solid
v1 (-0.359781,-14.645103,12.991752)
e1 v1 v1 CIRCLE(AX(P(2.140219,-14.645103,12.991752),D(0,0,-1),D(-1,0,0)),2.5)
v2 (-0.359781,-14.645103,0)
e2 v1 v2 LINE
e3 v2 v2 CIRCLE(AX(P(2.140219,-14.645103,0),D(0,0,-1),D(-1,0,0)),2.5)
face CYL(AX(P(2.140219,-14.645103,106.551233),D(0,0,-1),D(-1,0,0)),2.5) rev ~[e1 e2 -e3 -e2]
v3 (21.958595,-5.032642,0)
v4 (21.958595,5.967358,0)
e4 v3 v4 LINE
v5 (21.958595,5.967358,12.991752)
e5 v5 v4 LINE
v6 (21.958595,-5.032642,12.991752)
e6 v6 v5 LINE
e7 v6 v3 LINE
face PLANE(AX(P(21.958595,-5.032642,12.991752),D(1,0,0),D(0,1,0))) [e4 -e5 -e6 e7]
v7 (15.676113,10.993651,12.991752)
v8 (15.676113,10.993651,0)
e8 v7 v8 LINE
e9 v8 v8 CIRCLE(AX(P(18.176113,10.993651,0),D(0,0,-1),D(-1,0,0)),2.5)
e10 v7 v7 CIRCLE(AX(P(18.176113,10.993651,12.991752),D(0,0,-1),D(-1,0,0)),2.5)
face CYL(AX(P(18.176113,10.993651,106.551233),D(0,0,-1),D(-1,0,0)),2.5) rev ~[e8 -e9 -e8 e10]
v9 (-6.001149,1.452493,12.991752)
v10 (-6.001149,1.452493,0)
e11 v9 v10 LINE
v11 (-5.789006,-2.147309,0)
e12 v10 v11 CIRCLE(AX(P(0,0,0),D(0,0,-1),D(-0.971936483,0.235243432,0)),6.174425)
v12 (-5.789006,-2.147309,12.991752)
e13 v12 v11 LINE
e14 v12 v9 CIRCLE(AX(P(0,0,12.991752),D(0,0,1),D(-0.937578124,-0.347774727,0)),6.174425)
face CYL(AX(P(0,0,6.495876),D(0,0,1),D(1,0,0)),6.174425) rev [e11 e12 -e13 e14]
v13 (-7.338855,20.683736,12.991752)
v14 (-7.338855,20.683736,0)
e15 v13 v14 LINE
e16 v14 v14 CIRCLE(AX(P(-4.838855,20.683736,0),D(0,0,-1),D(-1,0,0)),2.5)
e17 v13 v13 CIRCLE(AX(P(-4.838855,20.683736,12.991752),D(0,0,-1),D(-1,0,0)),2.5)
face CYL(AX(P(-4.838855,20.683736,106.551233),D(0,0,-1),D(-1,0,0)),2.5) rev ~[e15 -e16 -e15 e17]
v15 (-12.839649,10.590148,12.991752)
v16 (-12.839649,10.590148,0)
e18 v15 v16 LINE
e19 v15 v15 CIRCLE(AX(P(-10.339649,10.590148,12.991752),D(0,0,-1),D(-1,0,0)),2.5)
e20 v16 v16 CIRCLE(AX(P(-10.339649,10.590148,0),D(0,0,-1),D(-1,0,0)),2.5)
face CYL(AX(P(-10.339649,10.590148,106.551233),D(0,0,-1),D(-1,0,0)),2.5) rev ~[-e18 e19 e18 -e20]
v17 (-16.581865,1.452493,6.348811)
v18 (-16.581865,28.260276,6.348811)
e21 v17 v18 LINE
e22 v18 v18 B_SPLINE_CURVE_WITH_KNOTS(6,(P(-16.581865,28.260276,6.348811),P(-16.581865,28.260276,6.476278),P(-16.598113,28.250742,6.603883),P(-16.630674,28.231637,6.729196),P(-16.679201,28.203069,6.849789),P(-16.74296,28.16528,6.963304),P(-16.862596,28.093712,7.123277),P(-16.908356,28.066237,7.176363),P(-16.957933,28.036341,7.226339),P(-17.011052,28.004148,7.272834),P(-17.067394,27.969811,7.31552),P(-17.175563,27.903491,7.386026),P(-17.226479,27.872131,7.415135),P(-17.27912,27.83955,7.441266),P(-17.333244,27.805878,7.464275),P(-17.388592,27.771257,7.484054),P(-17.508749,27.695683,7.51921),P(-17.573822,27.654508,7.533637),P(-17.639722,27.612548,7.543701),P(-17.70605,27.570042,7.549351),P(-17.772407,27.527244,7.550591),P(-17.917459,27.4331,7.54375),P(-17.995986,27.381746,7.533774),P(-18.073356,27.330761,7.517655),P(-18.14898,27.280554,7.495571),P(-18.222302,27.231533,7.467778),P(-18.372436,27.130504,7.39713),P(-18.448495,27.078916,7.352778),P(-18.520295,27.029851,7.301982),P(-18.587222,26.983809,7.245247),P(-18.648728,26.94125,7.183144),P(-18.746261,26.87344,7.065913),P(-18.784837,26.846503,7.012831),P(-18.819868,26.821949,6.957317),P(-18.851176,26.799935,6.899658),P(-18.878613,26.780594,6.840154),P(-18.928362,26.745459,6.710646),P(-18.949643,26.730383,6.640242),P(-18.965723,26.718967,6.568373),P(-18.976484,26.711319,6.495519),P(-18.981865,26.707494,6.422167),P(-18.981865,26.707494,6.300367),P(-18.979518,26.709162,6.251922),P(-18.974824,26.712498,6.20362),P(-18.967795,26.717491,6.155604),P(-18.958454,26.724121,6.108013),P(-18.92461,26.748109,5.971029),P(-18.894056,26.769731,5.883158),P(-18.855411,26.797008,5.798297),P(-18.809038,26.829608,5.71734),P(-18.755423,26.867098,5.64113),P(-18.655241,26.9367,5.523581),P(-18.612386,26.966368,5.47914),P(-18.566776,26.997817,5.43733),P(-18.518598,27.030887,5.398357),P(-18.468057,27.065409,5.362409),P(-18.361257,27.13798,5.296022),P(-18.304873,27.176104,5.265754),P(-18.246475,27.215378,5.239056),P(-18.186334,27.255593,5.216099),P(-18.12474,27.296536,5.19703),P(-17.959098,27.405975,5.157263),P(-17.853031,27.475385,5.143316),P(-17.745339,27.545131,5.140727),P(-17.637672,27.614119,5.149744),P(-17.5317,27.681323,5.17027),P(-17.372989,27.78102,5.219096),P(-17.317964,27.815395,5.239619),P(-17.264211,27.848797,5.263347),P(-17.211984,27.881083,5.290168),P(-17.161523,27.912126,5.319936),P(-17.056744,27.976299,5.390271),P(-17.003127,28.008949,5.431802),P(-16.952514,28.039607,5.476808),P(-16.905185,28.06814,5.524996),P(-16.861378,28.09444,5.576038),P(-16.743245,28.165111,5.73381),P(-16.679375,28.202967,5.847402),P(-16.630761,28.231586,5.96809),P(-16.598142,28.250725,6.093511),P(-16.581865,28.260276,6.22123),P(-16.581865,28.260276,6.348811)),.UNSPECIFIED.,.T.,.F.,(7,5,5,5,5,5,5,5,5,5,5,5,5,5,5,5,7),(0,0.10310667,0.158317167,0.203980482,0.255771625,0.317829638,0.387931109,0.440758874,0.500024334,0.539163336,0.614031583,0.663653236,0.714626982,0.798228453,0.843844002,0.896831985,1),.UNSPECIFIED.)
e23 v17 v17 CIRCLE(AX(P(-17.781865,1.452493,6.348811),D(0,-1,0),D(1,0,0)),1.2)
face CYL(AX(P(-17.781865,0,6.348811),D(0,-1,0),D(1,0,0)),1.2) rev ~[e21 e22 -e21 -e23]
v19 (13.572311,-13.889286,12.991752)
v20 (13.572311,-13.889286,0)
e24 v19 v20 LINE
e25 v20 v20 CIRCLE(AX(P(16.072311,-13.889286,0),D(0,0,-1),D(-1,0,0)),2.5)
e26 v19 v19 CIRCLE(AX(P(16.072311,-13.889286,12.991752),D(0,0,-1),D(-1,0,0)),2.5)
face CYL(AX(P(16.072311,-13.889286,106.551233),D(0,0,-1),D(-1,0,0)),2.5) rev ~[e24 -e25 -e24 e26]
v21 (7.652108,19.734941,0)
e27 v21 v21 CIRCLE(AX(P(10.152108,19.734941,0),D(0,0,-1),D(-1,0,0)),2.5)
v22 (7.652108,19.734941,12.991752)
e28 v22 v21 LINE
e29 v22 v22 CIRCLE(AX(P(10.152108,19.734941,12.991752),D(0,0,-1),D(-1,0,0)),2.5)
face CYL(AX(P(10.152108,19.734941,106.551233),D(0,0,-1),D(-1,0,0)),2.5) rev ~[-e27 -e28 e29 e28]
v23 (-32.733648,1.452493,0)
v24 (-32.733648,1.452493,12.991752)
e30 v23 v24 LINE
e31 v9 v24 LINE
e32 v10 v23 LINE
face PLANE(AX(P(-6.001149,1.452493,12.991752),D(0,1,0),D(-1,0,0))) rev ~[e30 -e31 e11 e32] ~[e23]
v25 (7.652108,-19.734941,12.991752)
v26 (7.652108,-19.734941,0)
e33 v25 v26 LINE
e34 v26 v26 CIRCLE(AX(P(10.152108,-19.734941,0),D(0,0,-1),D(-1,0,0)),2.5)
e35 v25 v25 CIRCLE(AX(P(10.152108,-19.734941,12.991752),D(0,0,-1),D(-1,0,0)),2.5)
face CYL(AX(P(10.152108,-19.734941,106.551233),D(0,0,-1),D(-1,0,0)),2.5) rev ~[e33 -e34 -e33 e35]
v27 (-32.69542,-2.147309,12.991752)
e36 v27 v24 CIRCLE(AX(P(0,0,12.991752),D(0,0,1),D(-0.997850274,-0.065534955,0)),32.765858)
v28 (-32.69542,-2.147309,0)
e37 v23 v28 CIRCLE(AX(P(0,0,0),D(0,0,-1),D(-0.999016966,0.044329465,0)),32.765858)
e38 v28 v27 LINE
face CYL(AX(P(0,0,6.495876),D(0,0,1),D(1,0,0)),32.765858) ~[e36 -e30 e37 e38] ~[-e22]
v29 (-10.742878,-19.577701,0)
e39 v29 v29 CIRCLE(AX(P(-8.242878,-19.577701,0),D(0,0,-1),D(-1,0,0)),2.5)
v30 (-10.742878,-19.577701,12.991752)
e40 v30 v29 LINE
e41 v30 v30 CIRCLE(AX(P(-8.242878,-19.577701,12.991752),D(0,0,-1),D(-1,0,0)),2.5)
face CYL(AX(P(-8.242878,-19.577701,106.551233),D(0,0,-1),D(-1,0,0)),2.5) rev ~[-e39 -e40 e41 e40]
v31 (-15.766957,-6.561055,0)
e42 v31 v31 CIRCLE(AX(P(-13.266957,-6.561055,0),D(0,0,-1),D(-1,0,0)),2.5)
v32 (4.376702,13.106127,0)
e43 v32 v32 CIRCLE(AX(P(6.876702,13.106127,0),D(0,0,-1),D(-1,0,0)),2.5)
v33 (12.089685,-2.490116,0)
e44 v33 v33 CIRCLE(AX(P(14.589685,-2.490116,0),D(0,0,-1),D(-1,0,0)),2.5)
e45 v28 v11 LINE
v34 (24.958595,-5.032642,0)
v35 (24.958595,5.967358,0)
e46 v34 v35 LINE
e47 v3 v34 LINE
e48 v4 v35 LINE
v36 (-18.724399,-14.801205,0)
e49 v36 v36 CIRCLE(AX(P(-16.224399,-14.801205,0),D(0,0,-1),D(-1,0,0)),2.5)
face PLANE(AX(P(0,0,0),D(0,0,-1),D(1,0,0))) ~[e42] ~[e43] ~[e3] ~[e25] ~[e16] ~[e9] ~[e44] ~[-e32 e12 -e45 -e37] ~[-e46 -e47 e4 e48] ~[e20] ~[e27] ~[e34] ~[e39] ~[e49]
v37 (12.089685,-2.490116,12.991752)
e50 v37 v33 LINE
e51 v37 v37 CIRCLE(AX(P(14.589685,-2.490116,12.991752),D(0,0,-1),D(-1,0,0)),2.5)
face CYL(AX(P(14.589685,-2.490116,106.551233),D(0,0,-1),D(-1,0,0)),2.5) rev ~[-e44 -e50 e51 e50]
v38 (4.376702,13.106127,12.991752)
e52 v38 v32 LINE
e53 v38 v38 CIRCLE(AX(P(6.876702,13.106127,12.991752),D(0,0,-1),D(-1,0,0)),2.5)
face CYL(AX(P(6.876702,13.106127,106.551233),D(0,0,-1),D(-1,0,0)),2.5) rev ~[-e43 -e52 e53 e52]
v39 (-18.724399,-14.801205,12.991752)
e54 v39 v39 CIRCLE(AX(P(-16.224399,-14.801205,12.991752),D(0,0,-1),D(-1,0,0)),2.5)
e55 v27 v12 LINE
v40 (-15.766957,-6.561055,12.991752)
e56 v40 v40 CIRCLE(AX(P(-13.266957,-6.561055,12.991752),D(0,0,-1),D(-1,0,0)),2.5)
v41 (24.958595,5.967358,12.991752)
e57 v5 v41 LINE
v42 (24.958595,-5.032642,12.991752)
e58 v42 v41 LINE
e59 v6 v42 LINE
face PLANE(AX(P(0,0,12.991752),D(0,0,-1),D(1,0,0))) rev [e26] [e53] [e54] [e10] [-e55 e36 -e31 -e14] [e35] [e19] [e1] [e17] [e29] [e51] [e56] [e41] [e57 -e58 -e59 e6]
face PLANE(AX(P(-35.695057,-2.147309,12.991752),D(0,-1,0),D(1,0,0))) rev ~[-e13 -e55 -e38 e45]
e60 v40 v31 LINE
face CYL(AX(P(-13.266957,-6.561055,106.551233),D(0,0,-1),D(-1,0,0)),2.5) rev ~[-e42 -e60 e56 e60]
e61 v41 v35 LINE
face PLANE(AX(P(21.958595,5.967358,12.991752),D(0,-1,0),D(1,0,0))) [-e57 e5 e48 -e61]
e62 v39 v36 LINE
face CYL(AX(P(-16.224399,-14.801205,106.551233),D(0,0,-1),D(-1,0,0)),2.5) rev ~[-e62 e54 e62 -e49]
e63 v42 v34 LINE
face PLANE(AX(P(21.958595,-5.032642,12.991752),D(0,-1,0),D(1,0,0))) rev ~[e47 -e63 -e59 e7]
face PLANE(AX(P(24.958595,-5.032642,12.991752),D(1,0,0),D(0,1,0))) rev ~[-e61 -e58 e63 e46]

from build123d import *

# Parameters (mm, degrees)
F0_W     = 26.5914327465
F0_H     = 12.9917515442
F2_W     = 3
F2_H     = 11
F3_DEPTH = 25
F5_D     = 5
F7_D     = 2.4
F7_DEPTH = 32.7668578753


with BuildPart() as f1:
    # F0 (on Front) → F1 (revolve)
    with BuildSketch(Plane.XZ):
        with Locations((19.4701415021, 6.4958757721)):
            Rectangle(F0_W, F0_H)
    revolve(axis=Axis((0, 0, 8.0647598952), (0, 0, -1)))

    # F2 (on face) → F3 (cut)
    with BuildSketch(Plane.XY.offset(12.9917515442)):
        Polygon((-5.7890059302, -2.1473090164), (-6.0011490459, 1.4524929605), (-35.6950574279, 1.4524929605), (-35.6950574279, -2.1473090164), align=None)
        with Locations((23.4585951418, 0.467357954)):
            Rectangle(F2_W, F2_H)
    extrude(amount=-F3_DEPTH, mode=Mode.SUBTRACT)

    # F5 (through all)
    with Locations(Plane.XY.offset(12.9917515442)):
        with Locations((-10.3396493942, 10.5901481584), (6.8767020359, 13.1061266864), (14.5896849828, -2.4901164053), (2.1402191687, -14.6451032608), (-13.2669567932, -6.5610551786), (-4.8388554715, 20.6837356091), (18.1761129583, 10.9936508379), (-8.2428784436, -19.577701499), (16.0723110631, -13.8892857308), (10.152108036, 19.7349414229), (10.152108036, -19.7349414229), (-16.224399209, -14.8012051359)):
            Hole(F5_D / 2)

    # F7 (through all, one way)
    with BuildSketch(Plane.XZ):
        with Locations((-17.7818648517, 6.34881109)):
            Circle(F7_D / 2)
    extrude(amount=-F7_DEPTH, mode=Mode.SUBTRACT)


solid = f1.part
